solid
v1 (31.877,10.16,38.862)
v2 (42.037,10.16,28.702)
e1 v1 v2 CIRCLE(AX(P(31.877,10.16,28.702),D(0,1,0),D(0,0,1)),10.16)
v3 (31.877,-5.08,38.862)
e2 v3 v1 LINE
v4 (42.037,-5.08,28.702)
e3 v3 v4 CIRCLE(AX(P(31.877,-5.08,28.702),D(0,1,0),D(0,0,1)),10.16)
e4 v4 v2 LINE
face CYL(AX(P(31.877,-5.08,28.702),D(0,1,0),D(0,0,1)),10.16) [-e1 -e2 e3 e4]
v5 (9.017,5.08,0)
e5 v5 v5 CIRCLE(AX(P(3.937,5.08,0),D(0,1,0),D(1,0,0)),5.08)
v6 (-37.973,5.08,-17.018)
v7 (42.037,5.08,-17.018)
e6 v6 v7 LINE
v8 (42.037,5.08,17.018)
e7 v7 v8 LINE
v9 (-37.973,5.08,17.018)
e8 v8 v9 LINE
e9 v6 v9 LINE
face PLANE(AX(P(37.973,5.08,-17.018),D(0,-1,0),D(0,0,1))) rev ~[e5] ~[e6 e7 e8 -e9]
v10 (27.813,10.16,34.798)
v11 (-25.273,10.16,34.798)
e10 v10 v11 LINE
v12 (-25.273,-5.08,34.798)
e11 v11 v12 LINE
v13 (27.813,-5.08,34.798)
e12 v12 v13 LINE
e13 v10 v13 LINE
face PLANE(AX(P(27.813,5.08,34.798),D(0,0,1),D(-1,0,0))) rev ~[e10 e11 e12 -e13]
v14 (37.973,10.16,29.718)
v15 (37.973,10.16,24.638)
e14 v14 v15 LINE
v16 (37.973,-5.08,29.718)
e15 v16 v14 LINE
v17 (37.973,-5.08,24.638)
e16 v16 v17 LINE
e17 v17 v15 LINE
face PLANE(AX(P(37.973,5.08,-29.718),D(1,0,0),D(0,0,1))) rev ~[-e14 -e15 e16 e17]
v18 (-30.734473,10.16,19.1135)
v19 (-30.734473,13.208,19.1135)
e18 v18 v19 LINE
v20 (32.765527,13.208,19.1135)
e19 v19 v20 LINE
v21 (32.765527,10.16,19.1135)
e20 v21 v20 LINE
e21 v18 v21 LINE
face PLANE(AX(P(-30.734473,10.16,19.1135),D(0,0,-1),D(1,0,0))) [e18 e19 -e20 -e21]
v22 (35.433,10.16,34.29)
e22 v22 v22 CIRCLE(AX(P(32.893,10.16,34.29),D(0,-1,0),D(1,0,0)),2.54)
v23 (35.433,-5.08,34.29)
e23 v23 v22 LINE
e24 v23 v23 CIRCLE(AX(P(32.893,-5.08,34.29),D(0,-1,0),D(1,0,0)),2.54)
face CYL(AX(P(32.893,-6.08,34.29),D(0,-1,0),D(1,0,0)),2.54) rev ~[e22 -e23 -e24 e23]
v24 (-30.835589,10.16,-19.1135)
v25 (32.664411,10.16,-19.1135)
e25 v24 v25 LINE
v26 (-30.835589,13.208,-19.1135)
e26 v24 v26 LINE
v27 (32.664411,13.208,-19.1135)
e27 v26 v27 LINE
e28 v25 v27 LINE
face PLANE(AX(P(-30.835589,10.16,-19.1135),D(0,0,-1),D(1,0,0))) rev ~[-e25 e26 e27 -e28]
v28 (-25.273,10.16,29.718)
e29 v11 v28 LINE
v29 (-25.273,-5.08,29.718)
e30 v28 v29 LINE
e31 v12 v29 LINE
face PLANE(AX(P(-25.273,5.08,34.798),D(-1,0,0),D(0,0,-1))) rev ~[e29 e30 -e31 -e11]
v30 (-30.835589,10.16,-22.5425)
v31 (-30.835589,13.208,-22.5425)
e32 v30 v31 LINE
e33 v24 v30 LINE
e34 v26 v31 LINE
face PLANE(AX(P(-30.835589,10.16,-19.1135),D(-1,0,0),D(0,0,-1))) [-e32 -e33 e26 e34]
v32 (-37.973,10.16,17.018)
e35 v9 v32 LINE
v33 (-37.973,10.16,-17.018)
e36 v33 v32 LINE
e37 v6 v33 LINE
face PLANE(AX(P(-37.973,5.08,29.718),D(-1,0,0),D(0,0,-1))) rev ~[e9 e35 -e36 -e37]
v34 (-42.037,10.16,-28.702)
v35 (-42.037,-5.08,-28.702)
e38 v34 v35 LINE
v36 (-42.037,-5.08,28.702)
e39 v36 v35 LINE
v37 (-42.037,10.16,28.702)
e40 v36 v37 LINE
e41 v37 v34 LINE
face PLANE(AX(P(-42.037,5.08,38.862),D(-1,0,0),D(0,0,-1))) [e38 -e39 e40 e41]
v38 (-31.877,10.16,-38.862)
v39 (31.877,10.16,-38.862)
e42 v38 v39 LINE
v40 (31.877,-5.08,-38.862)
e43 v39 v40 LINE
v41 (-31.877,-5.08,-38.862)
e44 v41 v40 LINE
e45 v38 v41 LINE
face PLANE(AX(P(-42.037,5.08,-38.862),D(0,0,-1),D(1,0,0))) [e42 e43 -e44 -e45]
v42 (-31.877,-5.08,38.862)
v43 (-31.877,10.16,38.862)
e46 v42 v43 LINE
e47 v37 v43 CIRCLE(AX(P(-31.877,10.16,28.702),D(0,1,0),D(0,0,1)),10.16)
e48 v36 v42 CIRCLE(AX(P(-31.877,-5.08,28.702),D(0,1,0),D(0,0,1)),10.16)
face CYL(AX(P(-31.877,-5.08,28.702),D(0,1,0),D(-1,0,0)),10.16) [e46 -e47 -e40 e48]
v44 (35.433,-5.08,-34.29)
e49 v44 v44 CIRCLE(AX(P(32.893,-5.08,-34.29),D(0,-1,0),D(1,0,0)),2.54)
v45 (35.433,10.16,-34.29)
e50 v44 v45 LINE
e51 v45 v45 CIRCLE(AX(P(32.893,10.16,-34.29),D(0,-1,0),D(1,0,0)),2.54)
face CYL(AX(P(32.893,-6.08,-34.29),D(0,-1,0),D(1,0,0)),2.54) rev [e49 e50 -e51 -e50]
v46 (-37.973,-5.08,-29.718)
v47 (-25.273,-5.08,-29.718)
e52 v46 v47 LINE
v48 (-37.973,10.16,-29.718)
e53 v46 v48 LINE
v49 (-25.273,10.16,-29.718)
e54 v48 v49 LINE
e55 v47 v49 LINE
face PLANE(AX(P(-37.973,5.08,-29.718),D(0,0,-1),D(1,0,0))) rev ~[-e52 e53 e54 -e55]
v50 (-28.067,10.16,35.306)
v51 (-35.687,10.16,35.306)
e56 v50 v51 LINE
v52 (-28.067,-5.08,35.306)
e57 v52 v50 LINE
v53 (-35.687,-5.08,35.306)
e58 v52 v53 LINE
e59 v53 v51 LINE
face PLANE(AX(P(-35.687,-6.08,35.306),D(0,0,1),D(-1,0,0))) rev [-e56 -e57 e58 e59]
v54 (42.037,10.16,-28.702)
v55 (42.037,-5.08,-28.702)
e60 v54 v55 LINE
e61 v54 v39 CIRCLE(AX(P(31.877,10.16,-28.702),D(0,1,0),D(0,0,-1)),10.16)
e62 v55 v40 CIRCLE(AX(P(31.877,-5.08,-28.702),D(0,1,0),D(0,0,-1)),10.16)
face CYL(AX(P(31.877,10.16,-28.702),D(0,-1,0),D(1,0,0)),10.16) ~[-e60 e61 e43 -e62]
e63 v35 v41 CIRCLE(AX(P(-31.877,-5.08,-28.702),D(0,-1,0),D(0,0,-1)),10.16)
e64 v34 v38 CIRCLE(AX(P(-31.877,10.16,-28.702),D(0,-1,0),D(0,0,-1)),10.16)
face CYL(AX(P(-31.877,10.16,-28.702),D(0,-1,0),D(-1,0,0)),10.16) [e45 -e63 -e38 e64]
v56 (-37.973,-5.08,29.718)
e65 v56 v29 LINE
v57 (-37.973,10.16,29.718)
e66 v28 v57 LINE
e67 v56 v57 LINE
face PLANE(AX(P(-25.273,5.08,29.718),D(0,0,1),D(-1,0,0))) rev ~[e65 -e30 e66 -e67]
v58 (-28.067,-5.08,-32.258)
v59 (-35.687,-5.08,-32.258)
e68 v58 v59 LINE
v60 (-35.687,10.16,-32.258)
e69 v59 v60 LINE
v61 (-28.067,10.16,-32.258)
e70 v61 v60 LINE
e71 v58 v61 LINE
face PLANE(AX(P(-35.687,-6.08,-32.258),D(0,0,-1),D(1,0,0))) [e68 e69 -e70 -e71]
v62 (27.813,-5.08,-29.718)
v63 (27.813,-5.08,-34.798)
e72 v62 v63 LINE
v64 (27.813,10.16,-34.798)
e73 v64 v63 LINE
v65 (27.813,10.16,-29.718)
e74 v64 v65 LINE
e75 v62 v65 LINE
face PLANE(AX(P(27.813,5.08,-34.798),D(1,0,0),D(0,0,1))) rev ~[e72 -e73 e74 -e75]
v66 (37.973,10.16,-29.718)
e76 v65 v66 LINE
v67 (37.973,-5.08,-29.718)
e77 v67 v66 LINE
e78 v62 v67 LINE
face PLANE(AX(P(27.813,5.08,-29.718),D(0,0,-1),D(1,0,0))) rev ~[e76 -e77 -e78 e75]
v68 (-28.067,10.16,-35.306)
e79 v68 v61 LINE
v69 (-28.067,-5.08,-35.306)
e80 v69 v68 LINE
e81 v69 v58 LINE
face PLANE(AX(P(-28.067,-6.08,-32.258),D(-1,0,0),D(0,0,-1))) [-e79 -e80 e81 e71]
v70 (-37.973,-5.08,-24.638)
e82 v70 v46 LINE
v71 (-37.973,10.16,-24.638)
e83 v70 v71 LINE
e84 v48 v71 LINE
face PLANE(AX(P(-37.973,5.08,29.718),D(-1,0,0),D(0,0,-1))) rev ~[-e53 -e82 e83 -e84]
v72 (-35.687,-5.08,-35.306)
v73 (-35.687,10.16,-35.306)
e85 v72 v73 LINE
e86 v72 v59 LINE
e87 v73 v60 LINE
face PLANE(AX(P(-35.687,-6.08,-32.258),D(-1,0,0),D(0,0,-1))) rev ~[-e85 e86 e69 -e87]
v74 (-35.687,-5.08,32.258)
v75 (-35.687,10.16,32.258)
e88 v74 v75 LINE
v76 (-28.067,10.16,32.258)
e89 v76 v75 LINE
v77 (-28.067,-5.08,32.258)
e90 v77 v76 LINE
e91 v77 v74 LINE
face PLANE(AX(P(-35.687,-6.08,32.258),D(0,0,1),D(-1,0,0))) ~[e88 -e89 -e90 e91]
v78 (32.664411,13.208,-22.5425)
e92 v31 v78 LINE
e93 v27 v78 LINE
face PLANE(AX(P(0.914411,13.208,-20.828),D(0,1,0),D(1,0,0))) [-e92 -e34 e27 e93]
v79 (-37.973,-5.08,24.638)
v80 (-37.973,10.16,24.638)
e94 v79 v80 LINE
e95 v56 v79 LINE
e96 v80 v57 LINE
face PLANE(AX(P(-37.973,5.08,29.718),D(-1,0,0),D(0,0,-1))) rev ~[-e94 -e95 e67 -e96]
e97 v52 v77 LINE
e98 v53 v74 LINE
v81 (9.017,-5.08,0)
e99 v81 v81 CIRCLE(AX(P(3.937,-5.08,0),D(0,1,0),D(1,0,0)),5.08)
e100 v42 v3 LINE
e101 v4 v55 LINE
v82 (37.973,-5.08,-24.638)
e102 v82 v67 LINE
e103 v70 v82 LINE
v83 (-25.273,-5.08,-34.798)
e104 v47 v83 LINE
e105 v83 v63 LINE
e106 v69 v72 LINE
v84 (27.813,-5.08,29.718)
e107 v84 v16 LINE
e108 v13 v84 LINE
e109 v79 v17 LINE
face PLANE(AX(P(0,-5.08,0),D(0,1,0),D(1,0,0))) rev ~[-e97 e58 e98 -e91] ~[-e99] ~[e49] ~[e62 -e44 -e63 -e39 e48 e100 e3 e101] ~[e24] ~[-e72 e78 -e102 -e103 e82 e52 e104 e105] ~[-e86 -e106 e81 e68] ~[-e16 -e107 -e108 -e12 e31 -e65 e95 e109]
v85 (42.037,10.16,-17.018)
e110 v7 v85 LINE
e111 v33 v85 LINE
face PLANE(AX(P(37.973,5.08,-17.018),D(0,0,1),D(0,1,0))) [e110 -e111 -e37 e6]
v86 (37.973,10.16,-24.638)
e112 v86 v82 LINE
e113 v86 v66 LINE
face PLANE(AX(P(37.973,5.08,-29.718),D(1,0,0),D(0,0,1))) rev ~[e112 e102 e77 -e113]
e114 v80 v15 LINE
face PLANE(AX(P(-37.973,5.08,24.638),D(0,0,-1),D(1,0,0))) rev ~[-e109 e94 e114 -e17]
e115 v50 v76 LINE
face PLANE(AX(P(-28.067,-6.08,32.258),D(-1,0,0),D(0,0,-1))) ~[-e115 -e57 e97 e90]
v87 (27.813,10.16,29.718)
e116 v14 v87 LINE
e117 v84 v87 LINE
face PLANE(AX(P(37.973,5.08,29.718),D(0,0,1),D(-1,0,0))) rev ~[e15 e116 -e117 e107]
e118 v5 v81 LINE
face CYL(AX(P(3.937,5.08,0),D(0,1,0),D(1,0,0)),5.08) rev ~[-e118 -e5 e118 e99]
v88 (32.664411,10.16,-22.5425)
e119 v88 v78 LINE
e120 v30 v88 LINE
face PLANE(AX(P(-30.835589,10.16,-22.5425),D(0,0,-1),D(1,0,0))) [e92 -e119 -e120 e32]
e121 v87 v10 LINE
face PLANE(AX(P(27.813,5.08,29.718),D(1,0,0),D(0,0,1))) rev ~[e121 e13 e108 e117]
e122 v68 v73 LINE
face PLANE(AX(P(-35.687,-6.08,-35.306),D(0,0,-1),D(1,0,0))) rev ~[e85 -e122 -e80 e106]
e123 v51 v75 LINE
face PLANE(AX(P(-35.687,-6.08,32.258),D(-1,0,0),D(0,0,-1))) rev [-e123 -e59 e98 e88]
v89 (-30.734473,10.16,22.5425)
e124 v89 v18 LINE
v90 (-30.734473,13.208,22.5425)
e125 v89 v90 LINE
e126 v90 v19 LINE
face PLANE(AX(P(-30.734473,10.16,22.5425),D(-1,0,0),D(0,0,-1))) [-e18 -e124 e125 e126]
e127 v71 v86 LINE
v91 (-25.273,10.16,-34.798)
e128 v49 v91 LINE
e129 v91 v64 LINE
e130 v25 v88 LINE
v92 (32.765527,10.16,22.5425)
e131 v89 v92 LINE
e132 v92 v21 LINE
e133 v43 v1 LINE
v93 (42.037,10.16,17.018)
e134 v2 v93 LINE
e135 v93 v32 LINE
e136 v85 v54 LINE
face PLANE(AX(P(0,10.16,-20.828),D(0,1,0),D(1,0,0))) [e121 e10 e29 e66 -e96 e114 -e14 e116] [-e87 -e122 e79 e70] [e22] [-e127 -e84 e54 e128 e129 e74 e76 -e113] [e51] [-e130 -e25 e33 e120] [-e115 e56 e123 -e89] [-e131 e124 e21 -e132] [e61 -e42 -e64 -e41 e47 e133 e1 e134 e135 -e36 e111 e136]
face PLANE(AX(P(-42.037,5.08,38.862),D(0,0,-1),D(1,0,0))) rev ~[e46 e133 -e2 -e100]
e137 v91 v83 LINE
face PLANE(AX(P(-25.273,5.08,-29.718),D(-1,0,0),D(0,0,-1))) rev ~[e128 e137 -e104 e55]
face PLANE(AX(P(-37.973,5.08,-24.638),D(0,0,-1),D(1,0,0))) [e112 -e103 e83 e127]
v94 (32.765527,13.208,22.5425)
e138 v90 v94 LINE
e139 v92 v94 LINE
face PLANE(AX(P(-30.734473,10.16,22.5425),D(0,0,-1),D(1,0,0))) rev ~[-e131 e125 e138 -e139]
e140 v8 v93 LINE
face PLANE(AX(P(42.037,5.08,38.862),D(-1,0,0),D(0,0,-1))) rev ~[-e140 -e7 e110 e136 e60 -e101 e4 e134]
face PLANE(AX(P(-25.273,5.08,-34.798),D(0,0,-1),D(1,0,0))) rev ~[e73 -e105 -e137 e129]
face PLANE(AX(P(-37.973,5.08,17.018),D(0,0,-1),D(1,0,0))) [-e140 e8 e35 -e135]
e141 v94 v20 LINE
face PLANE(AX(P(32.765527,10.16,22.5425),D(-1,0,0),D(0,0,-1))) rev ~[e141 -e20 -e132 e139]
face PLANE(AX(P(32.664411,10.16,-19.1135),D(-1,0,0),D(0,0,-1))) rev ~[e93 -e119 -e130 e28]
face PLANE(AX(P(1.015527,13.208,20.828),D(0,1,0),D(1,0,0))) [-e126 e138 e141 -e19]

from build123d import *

# Parameters (mm, degrees)
SKETCH1_W                = 84.074
SKETCH1_H                = 77.724
BOSS_EXTRUDE1_DEPTH      = 5.08
BOSS_EXTRUDE1_DEPTH_BACK = 5.08
SKETCH2_W                = 84.074
SKETCH2_H                = 77.724
BOSS_EXTRUDE2_DEPTH      = 5.08
BOSS_EXTRUDE2_DEPTH_BACK = 10.16
SKETCH3_W                = 53.086
SKETCH3_H                = 5.08
CUT_EXTRUDE1_DEPTH       = 6.08
CUT_EXTRUDE1_DEPTH_BACK  = 11.16
SKETCH4_W                = 75.946
SKETCH4_H                = 5.08
CUT_EXTRUDE2_DEPTH       = 6.08
CUT_EXTRUDE2_DEPTH_BACK  = 11.16
SKETCH5_W                = 75.946
SKETCH5_H                = 7.62
BOSS_EXTRUDE3_DEPTH      = 5.08
BOSS_EXTRUDE3_DEPTH_BACK = 10.16
SKETCH10_R               = 5.08
CUT_EXTRUDE4_DEPTH       = 6.08
CUT_EXTRUDE4_DEPTH_BACK  = 11.16
FILLET1_R                = 10.16
SKETCH14_W               = 63.5
SKETCH14_H               = 3.429
BOSS_EXTRUDE7_DEPTH      = 3.048
CUT_EXTRUDE6_START       = -16.24
SKETCH15_R               = 2.54
SKETCH15_W               = 7.62
SKETCH15_H               = 3.048
CUT_EXTRUDE6_DEPTH       = 20.288
SKETCH7_W                = 34.036
SKETCH7_H                = 5.08
CUT_EXTRUDE7_DEPTH       = 5.064


with BuildPart() as part:
    # Sketch1 → Boss-Extrude1 (new body, two sides)
    with BuildSketch(Plane(origin=(0, 0, 0), x_dir=(1, 0, 0), z_dir=(0, 1, 0))) as boss_extrude1_sk:
        Rectangle(SKETCH1_W, SKETCH1_H)
    extrude(amount=BOSS_EXTRUDE1_DEPTH)
    extrude(boss_extrude1_sk.sketch, amount=-BOSS_EXTRUDE1_DEPTH_BACK)

    # Sketch2 → Boss-Extrude2 (add, two sides)
    with BuildSketch(Plane(origin=(0, 5.08, 0), x_dir=(1, 0, 0), z_dir=(0, 1, 0))) as boss_extrude2_sk:
        Rectangle(SKETCH2_W, SKETCH2_H)
        Polygon((-37.973, -29.718), (-37.973, 29.718), (-25.273, 29.718), (-25.273, 34.798), (27.813, 34.798), (27.813, 29.718), (37.973, 29.718), (37.973, -29.718), (27.813, -29.718), (27.813, -34.798), (-25.273, -34.798), (-25.273, -29.718), align=None, mode=Mode.SUBTRACT)
    extrude(amount=BOSS_EXTRUDE2_DEPTH)
    extrude(boss_extrude2_sk.sketch, amount=-BOSS_EXTRUDE2_DEPTH_BACK)

    # Sketch3 → Cut-Extrude1 (cut, two sides)
    with BuildSketch(Plane(origin=(0, 5.08, 0), x_dir=(1, 0, 0), z_dir=(0, 1, 0))) as cut_extrude1_sk:
        with Locations((1.27, 32.258)):
            Rectangle(SKETCH3_W, SKETCH3_H)
        with Locations((1.27, -32.258)):
            Rectangle(SKETCH3_W, SKETCH3_H)
    extrude(amount=CUT_EXTRUDE1_DEPTH, mode=Mode.SUBTRACT)
    extrude(cut_extrude1_sk.sketch, amount=-CUT_EXTRUDE1_DEPTH_BACK, mode=Mode.SUBTRACT)

    # Sketch4 → Cut-Extrude2 (cut, two sides)
    with BuildSketch(Plane(origin=(0, 5.08, 0), x_dir=(1, 0, 0), z_dir=(0, 1, 0))) as cut_extrude2_sk:
        with Locations((0, 27.178)):
            Rectangle(SKETCH4_W, SKETCH4_H)
        with Locations((0, -27.178)):
            Rectangle(SKETCH4_W, SKETCH4_H)
    extrude(amount=CUT_EXTRUDE2_DEPTH, mode=Mode.SUBTRACT)
    extrude(cut_extrude2_sk.sketch, amount=-CUT_EXTRUDE2_DEPTH_BACK, mode=Mode.SUBTRACT)

    # Sketch5 → Boss-Extrude3 (add, two sides)
    with BuildSketch(Plane(origin=(0, 5.08, 0), x_dir=(1, 0, 0), z_dir=(0, 1, 0))) as boss_extrude3_sk:
        with Locations((0, 20.828)):
            Rectangle(SKETCH5_W, SKETCH5_H)
        with Locations((0, -20.828)):
            Rectangle(SKETCH5_W, SKETCH5_H)
    extrude(amount=BOSS_EXTRUDE3_DEPTH)
    extrude(boss_extrude3_sk.sketch, amount=-BOSS_EXTRUDE3_DEPTH_BACK)

    # Sketch10 → Cut-Extrude4 (cut, two sides)
    with BuildSketch(Plane(origin=(0, 5.08, 0), x_dir=(1, 0, 0), z_dir=(0, 1, 0))) as cut_extrude4_sk:
        with Locations((3.937, 0)):
            Circle(SKETCH10_R)
    extrude(amount=CUT_EXTRUDE4_DEPTH, mode=Mode.SUBTRACT)
    extrude(cut_extrude4_sk.sketch, amount=-CUT_EXTRUDE4_DEPTH_BACK, mode=Mode.SUBTRACT)

    # Fillet1
    fillet1_edges = [part.edges().sort_by_distance(p)[0] for p in [
        (42.037, 2.54, 38.862),
        (-42.037, 2.54, 38.862),
        (-42.037, 2.54, -38.862),
        (42.037, 2.54, -38.862),
    ]]
    fillet(fillet1_edges, radius=FILLET1_R)

    # Sketch14 → Boss-Extrude7 (add)
    with BuildSketch(Plane(origin=(0, 10.16, 0), x_dir=(1, 0, 0), z_dir=(0, 1, 0))):
        with Locations((1.015527002, -20.828)):
            Rectangle(SKETCH14_W, SKETCH14_H)
        with Locations((0.914410511, 20.828)):
            Rectangle(SKETCH14_W, SKETCH14_H)
    extrude(amount=BOSS_EXTRUDE7_DEPTH)

    # Sketch15 → Cut-Extrude6 (cut)
    with BuildSketch(Plane(origin=(0, 10.16, 0), x_dir=(1, 0, 0), z_dir=(0, 1, 0)).offset(CUT_EXTRUDE6_START)):
        with Locations((32.893, 34.29)):
            Circle(SKETCH15_R)
        with Locations((-31.877, 33.782)):
            Rectangle(SKETCH15_W, SKETCH15_H)
    cut_extrude6 = extrude(amount=CUT_EXTRUDE6_DEPTH, mode=Mode.SUBTRACT)

    # Mirror1: Cut-Extrude6 across plane
    add(cut_extrude6.mirror(Plane.XY), mode=Mode.SUBTRACT)

    # Sketch7 → Cut-Extrude7 (cut, through all)
    with BuildSketch(Plane.ZY.offset(-37.973)):
        with Locations((0, 7.62)):
            Rectangle(SKETCH7_W, SKETCH7_H)
    extrude(amount=-CUT_EXTRUDE7_DEPTH, mode=Mode.SUBTRACT)


solid = part.part
